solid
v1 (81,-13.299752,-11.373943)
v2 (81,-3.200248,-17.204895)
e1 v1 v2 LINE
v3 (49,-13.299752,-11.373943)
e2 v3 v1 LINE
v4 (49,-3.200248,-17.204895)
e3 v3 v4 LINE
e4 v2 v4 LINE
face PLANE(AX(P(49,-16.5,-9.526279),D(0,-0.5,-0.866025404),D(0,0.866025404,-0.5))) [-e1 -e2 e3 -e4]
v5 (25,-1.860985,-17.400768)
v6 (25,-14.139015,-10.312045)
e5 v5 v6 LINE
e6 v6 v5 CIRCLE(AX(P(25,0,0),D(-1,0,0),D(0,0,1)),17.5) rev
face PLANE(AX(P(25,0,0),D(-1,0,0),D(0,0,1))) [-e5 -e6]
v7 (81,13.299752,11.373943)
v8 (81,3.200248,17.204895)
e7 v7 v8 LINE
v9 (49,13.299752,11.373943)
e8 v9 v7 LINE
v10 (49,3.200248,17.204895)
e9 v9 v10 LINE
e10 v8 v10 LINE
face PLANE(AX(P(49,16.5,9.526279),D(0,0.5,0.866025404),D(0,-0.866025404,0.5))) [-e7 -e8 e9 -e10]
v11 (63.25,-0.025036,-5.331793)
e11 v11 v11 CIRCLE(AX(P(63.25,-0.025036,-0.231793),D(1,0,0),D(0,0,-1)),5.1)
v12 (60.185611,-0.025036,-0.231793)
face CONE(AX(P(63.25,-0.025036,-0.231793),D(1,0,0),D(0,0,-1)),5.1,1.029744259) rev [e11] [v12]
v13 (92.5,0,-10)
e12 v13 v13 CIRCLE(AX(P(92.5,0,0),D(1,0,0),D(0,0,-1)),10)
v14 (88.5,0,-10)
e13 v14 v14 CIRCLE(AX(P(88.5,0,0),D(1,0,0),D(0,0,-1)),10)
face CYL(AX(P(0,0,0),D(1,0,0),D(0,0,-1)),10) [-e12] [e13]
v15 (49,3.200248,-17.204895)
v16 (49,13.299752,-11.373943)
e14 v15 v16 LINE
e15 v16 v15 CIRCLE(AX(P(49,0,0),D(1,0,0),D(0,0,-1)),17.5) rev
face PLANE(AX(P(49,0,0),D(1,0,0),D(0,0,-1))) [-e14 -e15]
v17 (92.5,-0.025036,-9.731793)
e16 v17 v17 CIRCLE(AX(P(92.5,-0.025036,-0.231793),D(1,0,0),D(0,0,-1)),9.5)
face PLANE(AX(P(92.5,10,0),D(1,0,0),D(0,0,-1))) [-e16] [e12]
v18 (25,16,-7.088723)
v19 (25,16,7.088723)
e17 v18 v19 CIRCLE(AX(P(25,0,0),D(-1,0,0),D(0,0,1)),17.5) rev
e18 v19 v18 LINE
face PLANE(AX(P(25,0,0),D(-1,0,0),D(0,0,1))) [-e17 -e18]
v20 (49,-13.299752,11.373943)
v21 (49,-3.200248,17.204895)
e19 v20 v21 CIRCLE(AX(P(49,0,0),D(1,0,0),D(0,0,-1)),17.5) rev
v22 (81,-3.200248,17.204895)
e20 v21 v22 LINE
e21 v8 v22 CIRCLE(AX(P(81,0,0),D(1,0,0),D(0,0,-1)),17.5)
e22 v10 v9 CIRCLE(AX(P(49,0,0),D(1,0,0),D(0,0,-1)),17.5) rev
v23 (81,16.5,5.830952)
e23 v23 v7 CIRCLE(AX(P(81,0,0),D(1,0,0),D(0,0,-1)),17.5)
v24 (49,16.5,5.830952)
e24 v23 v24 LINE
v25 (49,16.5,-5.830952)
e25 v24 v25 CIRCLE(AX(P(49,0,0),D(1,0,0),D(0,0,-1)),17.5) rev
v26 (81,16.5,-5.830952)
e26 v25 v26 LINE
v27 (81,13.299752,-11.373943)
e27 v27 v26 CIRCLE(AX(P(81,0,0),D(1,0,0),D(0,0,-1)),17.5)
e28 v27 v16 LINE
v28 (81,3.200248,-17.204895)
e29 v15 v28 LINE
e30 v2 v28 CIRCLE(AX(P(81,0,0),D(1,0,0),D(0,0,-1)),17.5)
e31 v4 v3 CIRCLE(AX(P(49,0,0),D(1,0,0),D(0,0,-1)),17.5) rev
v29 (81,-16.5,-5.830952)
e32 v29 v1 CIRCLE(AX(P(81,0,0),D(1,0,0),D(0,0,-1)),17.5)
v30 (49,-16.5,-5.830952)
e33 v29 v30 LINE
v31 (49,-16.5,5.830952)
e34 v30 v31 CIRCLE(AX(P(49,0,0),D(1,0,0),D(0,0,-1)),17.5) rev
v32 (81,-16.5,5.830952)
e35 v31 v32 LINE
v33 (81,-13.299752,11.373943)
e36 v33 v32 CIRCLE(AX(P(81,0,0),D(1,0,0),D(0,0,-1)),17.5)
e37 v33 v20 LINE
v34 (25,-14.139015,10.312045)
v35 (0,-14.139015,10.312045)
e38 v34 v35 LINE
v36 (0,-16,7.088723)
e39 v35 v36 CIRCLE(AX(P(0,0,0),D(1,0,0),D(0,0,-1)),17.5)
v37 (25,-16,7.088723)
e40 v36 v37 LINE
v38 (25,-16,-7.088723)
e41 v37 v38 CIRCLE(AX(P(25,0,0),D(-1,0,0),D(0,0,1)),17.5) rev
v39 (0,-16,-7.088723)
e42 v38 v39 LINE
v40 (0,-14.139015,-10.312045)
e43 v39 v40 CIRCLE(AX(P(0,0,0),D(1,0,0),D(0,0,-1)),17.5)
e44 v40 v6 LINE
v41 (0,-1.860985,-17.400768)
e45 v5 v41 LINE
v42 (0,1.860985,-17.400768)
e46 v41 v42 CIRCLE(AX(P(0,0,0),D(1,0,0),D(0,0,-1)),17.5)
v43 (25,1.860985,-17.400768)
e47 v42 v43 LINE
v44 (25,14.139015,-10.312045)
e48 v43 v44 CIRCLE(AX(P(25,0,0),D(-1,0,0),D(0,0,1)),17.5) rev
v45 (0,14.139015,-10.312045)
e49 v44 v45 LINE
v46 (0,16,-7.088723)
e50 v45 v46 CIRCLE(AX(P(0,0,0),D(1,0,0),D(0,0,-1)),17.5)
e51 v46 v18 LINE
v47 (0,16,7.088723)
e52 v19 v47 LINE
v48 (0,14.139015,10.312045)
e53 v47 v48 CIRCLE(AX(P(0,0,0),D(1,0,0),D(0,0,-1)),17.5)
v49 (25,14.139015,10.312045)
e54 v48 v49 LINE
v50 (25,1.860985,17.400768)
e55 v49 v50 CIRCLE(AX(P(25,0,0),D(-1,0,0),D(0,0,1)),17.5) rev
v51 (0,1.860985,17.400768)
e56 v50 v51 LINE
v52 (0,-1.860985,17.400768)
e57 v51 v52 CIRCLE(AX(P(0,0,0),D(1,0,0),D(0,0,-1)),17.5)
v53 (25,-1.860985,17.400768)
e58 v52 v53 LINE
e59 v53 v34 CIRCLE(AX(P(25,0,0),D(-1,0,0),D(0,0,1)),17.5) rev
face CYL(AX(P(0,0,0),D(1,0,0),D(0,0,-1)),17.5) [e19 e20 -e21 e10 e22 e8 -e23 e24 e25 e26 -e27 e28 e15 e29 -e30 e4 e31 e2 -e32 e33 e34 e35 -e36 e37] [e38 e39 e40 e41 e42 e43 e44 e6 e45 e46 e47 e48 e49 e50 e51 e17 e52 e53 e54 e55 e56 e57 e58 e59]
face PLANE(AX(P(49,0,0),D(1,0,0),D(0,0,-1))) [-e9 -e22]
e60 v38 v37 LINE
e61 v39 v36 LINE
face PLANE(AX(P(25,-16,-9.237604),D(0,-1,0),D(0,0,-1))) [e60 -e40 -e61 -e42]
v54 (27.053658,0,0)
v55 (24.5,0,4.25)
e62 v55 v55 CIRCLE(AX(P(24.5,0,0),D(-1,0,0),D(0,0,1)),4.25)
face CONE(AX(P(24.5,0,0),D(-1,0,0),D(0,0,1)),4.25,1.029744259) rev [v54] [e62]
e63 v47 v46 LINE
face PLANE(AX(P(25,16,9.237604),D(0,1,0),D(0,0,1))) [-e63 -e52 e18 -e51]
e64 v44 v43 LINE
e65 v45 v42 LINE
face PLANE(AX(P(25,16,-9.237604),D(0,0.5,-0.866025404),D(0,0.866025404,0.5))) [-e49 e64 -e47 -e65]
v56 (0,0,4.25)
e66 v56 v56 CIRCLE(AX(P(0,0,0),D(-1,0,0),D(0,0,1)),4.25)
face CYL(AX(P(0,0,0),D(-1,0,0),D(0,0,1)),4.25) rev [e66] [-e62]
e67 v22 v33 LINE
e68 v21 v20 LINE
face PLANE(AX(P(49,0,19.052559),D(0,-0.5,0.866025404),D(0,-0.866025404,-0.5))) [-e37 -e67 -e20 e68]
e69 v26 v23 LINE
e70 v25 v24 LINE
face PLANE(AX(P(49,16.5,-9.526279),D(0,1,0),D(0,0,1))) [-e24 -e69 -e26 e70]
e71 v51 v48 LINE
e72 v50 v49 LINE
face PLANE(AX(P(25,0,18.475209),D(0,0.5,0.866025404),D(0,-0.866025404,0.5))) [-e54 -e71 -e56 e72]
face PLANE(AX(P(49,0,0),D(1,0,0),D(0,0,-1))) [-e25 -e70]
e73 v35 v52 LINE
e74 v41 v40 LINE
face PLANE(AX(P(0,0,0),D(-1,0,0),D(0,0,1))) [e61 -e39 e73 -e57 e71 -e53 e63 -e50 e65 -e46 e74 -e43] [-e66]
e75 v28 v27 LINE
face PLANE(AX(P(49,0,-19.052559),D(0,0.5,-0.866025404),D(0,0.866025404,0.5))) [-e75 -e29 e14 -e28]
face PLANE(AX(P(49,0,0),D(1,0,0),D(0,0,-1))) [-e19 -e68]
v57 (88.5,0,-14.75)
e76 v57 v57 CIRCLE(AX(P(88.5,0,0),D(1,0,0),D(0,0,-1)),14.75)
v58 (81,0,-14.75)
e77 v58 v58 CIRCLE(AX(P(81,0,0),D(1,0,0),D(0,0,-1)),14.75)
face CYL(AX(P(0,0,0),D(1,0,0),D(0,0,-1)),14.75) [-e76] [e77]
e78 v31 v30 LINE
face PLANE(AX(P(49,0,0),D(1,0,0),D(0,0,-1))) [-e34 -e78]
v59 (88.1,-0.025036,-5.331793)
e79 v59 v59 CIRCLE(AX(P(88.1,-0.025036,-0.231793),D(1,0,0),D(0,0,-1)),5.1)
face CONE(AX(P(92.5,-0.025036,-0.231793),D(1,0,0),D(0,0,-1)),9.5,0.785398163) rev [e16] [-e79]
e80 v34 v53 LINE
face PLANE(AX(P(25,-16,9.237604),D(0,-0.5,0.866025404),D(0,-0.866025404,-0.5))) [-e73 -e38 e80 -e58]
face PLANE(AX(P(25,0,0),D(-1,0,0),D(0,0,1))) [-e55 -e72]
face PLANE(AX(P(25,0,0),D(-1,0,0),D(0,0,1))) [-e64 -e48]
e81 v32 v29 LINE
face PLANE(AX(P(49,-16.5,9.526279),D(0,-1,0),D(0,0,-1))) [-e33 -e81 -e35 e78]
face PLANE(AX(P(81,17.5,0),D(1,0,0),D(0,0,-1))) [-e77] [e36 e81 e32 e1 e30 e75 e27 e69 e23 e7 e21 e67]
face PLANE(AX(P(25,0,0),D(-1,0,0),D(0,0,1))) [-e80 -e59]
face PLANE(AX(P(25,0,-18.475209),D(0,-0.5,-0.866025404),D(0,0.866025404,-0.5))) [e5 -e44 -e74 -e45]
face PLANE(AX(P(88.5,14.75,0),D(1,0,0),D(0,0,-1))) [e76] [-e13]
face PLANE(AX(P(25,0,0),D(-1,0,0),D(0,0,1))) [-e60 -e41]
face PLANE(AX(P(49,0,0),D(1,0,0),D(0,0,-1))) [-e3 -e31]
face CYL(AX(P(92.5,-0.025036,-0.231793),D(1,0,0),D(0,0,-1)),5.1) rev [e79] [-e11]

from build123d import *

# Parameters (mm, degrees)
SKETCH5_OUTSIDE_W                 = 57.982
SKETCH5_OUTSIDE_H                 = 57.982
CUT_EXTRUDE3_DEPTH                = 25
M10X1_5_TAPPED_HOLE1_D            = 8.5
M10X1_5_TAPPED_HOLE1_DEPTH        = 24.5
M10X1_5_TAPPED_HOLE1_TIP          = 2.553657631
SKETCH9_OUTSIDE_W                 = 57.982
SKETCH9_OUTSIDE_H                 = 57.982
CUT_EXTRUDE5_DEPTH                = 32
M12X1_75_TAPPED_HOLE1_D           = 10.2
M12X1_75_TAPPED_HOLE1_DEPTH       = 29.25
M12X1_75_TAPPED_HOLE1_CSINK_D     = 19
M12X1_75_TAPPED_HOLE1_CSINK_ANGLE = 90
M12X1_75_TAPPED_HOLE1_TIP         = 3.064389157


with BuildPart() as part:
    # Sketch1 → Revolve1 (revolve)
    with BuildSketch(Plane.XY, mode=Mode.PRIVATE) as revolve1_sk:
        Polygon((0, 0), (0, 17.5), (81, 17.5), (81, 14.75), (88.5, 14.75), (88.5, 10), (92.5, 10), (92.5, 0), (81, 0), align=None)
    revolve(revolve1_sk.sketch.rotate(Axis((0, 0, 0), (-1, 0, 0)), 90), axis=Axis((0, 0, 0), (-1, 0, 0)))

    # Sketch5 outside → Cut-Extrude3 (cut)
    with BuildSketch(Plane.ZY):
        Rectangle(SKETCH5_OUTSIDE_W, SKETCH5_OUTSIDE_H)
        Polygon((9.237604307, 16), (-9.237604307, 16), (-18.475208614, 0), (-9.237604307, -16), (9.237604307, -16), (18.475208614, 0), align=None, mode=Mode.SUBTRACT)
    extrude(amount=-CUT_EXTRUDE3_DEPTH, mode=Mode.SUBTRACT)

    # M10x1.5 Tapped Hole1
    with Locations(Plane.ZY):
        with Locations((0, 0)):
            Hole(M10X1_5_TAPPED_HOLE1_D / 2, depth=M10X1_5_TAPPED_HOLE1_DEPTH)
            with Locations((0, 0, -(M10X1_5_TAPPED_HOLE1_DEPTH + M10X1_5_TAPPED_HOLE1_TIP / 2))):  # 118° drill point
                Cone(0, M10X1_5_TAPPED_HOLE1_D / 2, M10X1_5_TAPPED_HOLE1_TIP, mode=Mode.SUBTRACT)

    # Sketch9 outside → Cut-Extrude5 (cut)
    with BuildSketch(Plane(origin=(81, 0, 0), x_dir=(0, 0, -1), z_dir=(1, 0, 0))):
        Rectangle(SKETCH9_OUTSIDE_W, SKETCH9_OUTSIDE_H)
        Polygon((-9.526279442, -16.5), (9.526279442, -16.5), (19.052558883, 0), (9.526279442, 16.5), (-9.526279442, 16.5), (-19.052558883, 0), align=None, mode=Mode.SUBTRACT)
    extrude(amount=-CUT_EXTRUDE5_DEPTH, mode=Mode.SUBTRACT)

    # M12x1.75 Tapped Hole1
    with Locations(Plane(origin=(92.5, 0, 0), x_dir=(0, 0, -1), z_dir=(1, 0, 0))):
        with Locations((0.231792895, -0.025036362)):
            CounterSinkHole(M12X1_75_TAPPED_HOLE1_D / 2, M12X1_75_TAPPED_HOLE1_CSINK_D / 2, depth=M12X1_75_TAPPED_HOLE1_DEPTH, counter_sink_angle=M12X1_75_TAPPED_HOLE1_CSINK_ANGLE)
            with Locations((0, 0, -(M12X1_75_TAPPED_HOLE1_DEPTH + M12X1_75_TAPPED_HOLE1_TIP / 2))):  # 118° drill point
                Cone(0, M12X1_75_TAPPED_HOLE1_D / 2, M12X1_75_TAPPED_HOLE1_TIP, mode=Mode.SUBTRACT)


solid = part.part
